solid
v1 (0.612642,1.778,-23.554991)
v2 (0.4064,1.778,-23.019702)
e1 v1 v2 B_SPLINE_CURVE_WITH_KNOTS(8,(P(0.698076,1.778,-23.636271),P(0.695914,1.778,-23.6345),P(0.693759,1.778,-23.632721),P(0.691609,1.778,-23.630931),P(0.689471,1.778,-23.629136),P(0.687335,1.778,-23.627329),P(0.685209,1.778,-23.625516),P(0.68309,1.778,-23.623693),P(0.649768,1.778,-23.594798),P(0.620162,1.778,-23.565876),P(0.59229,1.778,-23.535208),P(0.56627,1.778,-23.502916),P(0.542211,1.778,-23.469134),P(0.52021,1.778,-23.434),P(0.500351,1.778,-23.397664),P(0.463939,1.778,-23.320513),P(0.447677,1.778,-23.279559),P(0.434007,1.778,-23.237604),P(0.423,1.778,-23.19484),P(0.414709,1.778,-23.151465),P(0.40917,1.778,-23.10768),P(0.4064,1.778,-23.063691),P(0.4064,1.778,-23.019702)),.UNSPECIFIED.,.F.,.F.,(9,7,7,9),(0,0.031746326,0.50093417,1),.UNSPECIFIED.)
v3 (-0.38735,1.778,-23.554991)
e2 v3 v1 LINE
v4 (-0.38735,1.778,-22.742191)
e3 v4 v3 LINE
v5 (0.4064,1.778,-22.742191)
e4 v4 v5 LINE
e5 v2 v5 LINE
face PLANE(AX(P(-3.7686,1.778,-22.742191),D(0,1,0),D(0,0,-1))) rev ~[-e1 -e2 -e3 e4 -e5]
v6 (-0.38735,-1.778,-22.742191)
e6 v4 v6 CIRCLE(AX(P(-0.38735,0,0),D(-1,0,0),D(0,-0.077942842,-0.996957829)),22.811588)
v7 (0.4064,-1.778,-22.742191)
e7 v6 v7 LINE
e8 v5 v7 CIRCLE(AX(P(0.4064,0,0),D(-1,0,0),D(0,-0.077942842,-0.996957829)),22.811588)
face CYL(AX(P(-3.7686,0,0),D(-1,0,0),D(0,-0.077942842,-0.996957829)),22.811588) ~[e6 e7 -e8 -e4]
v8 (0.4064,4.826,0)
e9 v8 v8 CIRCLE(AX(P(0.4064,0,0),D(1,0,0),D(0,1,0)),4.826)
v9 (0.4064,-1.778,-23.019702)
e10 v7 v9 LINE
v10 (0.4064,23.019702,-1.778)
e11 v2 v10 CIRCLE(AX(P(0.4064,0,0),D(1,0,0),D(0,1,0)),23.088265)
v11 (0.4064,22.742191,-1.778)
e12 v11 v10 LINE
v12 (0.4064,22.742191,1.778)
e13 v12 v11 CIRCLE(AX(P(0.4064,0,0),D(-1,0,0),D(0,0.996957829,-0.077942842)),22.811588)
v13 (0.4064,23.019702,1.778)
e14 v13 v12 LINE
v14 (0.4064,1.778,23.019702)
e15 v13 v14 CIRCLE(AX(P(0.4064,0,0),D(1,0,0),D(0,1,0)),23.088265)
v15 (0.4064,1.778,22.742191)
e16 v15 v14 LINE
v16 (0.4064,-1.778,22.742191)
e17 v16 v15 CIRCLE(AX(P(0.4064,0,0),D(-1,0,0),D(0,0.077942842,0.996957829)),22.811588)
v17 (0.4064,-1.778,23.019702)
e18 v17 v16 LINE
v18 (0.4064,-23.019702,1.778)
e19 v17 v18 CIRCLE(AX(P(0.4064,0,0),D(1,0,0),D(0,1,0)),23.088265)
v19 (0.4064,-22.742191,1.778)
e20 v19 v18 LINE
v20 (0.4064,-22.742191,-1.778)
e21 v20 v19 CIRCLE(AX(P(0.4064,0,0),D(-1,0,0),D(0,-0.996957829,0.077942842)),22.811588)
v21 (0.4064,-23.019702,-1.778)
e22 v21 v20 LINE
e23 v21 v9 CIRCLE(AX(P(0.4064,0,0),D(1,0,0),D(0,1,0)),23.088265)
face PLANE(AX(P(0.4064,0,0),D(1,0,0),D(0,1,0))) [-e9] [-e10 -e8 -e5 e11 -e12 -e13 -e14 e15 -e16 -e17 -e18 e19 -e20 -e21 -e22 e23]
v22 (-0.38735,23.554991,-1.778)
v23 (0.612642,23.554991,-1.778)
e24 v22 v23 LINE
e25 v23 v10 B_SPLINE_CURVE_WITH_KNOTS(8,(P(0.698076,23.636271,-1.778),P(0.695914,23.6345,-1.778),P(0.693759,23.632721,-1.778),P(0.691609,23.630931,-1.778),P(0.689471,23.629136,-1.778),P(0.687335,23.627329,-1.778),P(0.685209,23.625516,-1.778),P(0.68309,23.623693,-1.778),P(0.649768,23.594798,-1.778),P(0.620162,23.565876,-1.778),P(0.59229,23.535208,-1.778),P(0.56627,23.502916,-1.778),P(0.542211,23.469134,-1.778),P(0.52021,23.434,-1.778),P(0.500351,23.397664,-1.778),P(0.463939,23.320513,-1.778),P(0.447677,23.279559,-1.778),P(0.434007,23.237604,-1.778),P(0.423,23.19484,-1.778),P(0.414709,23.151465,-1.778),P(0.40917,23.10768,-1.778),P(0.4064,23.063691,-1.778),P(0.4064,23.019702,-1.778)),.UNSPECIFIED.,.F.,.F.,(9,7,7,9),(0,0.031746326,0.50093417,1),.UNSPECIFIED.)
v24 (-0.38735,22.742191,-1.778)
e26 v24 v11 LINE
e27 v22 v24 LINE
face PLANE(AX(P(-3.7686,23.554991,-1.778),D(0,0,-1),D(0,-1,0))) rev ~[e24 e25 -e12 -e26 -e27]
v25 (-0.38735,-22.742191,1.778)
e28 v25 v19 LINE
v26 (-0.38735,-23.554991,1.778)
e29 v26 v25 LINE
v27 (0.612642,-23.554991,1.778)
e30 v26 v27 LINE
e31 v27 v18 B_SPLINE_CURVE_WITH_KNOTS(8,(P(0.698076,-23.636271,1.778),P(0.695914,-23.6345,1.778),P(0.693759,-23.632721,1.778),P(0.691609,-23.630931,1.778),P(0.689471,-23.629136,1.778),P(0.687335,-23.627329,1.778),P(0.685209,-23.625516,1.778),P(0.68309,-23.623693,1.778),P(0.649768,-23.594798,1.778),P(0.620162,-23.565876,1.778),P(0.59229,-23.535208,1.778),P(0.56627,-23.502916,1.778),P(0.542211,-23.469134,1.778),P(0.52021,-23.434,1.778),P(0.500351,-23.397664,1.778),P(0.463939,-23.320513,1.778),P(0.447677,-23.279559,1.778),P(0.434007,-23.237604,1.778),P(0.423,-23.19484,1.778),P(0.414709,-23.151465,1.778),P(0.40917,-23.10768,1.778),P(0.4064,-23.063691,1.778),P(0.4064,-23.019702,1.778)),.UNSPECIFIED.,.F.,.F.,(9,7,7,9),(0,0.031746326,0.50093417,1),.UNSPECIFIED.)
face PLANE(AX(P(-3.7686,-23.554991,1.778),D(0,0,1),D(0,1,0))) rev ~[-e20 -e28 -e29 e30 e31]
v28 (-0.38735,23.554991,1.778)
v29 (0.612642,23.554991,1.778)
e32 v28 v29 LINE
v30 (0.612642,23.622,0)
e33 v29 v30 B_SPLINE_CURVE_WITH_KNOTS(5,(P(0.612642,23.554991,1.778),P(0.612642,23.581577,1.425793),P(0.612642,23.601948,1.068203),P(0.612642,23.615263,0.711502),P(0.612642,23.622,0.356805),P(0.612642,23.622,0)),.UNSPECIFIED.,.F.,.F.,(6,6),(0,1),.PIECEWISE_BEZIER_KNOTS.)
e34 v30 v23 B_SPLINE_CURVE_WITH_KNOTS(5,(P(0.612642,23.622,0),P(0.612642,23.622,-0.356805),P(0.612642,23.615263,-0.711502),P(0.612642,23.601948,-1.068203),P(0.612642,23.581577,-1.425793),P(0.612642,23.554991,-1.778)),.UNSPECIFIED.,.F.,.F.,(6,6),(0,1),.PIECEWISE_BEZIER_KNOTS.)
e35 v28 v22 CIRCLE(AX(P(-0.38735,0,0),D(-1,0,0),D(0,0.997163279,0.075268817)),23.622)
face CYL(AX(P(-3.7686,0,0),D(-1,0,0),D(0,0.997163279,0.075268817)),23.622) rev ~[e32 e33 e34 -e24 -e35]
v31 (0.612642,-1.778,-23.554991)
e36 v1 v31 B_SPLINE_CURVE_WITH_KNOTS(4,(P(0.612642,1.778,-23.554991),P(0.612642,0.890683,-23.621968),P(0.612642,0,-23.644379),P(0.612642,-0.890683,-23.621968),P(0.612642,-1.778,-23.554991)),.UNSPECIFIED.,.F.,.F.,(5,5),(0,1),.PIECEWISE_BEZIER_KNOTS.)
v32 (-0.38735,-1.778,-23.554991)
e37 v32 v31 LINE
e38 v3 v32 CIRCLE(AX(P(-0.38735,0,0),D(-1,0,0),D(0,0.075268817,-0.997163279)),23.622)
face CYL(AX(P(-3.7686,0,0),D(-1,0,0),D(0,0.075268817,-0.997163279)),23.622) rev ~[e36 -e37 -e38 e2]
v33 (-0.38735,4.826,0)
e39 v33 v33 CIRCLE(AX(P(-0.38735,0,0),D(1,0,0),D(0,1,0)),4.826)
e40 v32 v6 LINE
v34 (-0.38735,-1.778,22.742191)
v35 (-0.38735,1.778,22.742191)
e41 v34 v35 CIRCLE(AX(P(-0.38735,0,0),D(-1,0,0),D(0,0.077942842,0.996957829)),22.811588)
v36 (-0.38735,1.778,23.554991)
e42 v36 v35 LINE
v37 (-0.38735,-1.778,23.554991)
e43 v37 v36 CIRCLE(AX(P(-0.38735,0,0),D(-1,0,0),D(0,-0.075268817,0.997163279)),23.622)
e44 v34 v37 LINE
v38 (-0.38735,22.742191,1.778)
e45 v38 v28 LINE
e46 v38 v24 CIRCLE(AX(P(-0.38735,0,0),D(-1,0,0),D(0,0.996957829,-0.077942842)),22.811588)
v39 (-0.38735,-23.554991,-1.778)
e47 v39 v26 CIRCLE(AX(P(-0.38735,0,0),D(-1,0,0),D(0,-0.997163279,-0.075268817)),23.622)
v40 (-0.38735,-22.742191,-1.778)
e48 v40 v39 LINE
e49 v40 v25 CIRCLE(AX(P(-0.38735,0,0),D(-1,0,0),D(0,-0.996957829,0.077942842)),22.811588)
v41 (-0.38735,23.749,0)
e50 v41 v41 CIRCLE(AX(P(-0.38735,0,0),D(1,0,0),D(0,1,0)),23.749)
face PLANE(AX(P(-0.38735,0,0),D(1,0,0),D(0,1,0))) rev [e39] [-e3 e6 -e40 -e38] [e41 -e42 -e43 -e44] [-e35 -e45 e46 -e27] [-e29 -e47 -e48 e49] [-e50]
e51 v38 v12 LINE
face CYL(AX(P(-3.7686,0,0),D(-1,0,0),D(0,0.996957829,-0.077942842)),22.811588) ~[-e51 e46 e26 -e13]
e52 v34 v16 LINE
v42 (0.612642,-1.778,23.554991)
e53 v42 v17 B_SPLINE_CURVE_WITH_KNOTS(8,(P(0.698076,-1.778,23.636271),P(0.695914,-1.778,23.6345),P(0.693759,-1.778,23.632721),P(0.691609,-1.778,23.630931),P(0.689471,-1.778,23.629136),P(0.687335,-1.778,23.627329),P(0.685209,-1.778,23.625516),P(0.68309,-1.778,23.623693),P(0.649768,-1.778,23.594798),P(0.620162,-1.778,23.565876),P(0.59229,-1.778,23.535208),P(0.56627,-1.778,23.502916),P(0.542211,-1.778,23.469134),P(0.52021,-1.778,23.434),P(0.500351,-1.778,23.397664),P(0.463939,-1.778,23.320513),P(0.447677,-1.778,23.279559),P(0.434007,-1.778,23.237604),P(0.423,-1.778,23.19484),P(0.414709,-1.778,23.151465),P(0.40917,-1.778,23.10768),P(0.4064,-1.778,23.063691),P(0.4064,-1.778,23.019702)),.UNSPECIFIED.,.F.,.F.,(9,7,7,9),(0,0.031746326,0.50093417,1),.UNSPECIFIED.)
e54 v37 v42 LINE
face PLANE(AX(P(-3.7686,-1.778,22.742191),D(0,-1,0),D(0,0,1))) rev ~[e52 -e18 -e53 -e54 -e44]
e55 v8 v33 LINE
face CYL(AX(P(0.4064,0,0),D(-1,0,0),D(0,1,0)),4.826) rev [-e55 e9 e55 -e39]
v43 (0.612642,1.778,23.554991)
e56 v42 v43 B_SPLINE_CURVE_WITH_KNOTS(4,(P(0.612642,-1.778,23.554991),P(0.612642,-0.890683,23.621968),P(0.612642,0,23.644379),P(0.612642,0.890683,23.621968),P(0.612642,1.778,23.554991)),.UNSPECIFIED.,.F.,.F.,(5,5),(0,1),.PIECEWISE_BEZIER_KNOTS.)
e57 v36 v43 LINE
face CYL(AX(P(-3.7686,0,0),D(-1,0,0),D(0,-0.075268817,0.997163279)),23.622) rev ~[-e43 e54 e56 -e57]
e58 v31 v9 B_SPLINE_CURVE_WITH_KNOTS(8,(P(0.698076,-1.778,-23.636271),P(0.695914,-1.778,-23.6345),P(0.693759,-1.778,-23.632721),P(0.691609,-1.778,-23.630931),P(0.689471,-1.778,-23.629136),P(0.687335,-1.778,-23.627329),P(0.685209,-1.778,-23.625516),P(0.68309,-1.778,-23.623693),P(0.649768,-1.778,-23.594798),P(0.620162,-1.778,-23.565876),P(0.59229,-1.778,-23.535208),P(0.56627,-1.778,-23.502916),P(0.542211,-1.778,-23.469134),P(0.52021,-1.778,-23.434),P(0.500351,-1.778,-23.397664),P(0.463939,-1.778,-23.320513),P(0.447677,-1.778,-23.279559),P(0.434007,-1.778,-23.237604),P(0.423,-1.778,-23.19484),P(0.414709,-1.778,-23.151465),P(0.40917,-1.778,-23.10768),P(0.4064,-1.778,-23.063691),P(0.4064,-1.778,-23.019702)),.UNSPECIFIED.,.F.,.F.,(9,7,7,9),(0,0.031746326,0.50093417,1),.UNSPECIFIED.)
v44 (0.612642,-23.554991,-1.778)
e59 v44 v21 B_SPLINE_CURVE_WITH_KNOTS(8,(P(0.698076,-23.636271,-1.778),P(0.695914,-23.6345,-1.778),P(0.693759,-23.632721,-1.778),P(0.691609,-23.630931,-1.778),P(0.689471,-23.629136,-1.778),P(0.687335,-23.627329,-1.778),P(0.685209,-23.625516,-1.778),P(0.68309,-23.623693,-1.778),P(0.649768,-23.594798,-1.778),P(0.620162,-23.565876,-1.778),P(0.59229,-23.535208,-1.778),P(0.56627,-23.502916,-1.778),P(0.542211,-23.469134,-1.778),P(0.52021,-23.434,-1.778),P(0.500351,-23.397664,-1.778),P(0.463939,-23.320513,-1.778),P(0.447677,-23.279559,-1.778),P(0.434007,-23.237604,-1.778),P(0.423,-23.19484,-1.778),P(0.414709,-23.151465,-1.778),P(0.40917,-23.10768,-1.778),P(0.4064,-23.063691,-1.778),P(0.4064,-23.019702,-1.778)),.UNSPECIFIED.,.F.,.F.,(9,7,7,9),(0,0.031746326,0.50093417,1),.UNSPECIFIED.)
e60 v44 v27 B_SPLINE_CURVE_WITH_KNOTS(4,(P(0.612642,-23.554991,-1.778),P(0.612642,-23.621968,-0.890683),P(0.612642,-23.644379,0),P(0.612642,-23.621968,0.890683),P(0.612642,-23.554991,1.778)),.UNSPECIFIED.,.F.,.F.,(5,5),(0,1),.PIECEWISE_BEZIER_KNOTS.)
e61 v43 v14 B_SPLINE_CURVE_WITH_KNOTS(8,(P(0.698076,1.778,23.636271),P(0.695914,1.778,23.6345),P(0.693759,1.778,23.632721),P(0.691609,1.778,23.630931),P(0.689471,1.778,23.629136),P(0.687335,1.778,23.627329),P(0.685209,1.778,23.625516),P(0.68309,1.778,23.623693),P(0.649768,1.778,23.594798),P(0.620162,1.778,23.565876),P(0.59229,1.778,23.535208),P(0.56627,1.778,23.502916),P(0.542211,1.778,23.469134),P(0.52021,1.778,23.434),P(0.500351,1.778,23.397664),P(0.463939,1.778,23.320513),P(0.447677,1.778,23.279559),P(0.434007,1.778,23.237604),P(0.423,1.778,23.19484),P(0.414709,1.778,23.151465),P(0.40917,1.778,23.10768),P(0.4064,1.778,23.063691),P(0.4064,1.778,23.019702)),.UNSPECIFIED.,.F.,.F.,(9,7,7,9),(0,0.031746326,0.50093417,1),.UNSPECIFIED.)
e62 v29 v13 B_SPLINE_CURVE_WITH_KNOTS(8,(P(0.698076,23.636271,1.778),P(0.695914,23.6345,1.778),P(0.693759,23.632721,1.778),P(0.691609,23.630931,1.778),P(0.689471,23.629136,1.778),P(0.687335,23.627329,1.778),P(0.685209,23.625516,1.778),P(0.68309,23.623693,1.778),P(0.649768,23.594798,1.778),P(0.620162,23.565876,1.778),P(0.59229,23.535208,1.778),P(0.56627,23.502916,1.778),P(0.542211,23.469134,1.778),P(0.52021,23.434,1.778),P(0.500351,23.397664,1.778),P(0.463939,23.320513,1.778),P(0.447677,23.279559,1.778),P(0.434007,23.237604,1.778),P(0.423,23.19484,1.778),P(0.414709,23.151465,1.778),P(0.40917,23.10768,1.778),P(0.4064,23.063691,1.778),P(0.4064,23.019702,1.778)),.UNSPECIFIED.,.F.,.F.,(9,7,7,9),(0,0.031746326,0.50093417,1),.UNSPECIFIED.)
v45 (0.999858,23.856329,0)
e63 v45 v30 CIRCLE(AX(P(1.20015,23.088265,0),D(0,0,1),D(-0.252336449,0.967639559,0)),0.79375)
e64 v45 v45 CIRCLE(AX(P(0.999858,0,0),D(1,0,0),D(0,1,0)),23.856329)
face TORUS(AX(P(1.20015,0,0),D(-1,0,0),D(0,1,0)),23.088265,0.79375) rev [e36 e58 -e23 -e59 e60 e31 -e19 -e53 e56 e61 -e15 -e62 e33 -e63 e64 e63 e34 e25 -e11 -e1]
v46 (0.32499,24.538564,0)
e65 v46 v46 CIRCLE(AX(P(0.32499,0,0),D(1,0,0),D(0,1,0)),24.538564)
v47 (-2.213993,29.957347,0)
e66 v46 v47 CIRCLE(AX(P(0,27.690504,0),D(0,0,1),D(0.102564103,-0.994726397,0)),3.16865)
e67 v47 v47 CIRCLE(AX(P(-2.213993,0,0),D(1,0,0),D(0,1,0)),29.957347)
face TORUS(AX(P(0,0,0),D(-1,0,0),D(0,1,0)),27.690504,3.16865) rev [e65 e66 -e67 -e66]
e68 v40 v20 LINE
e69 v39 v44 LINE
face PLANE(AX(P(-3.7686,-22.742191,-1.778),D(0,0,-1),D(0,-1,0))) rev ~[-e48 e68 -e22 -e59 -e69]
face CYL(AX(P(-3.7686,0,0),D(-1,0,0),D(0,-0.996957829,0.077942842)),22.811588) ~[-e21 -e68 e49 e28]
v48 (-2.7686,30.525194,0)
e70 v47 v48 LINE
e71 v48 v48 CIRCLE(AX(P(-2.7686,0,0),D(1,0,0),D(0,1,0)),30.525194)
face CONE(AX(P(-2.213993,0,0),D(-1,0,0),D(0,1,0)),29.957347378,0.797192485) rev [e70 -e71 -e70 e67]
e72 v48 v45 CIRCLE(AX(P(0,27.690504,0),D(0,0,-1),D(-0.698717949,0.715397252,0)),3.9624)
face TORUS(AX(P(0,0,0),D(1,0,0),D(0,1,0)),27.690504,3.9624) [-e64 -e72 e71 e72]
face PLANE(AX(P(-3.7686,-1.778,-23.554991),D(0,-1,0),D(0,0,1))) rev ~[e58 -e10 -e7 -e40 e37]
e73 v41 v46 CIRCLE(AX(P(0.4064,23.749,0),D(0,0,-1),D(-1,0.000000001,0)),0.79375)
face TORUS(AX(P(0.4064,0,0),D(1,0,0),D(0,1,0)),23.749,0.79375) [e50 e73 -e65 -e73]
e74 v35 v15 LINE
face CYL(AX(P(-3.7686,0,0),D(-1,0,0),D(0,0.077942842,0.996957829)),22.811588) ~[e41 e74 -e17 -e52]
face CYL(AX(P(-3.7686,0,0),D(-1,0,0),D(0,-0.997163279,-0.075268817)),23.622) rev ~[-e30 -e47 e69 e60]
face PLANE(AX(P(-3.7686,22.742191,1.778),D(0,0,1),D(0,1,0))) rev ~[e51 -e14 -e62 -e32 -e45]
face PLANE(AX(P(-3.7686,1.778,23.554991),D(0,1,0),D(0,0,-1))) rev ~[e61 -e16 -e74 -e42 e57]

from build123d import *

# Parameters (mm, degrees)
CUT_EXTRUDE1_START = -4.175000103
CUT_EXTRUDE1_DEPTH = 8.731000203
CIRPATTERN1_COUNT  = 4


with BuildPart() as part:
    # Sketch1 → Revolve1 (revolve)
    with BuildSketch(Plane.XY):
        with BuildLine():
            Line((0.4064, 23.088264985), (0.4064, 4.826))
            Line((0.4064, 4.826), (-0.38735, 4.826))
            Line((-0.38735, 4.826), (-0.38735, 23.749))
            ThreePointArc((-0.38735, 23.749), (-0.18294644, 24.280704651), (0.324989744, 24.538564078))
            ThreePointArc((0.324989744, 24.538564078), (2.869300627, 29.034920751), (-2.213992628, 29.957347378))
            Line((-2.213992628, 29.957347378), (-2.7686, 30.525193947))
            ThreePointArc((-2.7686, 30.525193947), (3.44971773, 29.639878479), (0.999857944, 23.856328886))
            ThreePointArc((0.999857944, 23.856328886), (0.572049338, 23.573577896), (0.4064, 23.088264985))
        make_face()
    revolve(axis=Axis((0, 0, 0), (1, 0, 0)))

    # Sketch2 → Cut-Extrude1 (cut)
    with BuildSketch(Plane(origin=(0.4064, 0, 0), x_dir=(0, 0, -1), z_dir=(1, 0, 0)).offset(CUT_EXTRUDE1_START)):
        with BuildLine():
            Line((-1.778, 22.742190979), (-1.778, 23.554990979))
            ThreePointArc((-1.778, 23.554990979), (0, 23.622), (1.778, 23.554990979))
            Line((1.778, 23.554990979), (1.778, 22.742190979))
            ThreePointArc((1.778, 22.742190979), (0, 22.811587724), (-1.778, 22.742190979))
        make_face()
    cut_extrude1 = extrude(amount=CUT_EXTRUDE1_DEPTH, mode=Mode.SUBTRACT)

    # CirPattern1: Cut-Extrude1 ×4 about axis
    cirpattern1_axis = Axis((0, 0, 0), (1, 0, 0))
    for i in range(1, CIRPATTERN1_COUNT):
        add(cut_extrude1.rotate(cirpattern1_axis, i * 360 / CIRPATTERN1_COUNT), mode=Mode.SUBTRACT)


solid = part.part
